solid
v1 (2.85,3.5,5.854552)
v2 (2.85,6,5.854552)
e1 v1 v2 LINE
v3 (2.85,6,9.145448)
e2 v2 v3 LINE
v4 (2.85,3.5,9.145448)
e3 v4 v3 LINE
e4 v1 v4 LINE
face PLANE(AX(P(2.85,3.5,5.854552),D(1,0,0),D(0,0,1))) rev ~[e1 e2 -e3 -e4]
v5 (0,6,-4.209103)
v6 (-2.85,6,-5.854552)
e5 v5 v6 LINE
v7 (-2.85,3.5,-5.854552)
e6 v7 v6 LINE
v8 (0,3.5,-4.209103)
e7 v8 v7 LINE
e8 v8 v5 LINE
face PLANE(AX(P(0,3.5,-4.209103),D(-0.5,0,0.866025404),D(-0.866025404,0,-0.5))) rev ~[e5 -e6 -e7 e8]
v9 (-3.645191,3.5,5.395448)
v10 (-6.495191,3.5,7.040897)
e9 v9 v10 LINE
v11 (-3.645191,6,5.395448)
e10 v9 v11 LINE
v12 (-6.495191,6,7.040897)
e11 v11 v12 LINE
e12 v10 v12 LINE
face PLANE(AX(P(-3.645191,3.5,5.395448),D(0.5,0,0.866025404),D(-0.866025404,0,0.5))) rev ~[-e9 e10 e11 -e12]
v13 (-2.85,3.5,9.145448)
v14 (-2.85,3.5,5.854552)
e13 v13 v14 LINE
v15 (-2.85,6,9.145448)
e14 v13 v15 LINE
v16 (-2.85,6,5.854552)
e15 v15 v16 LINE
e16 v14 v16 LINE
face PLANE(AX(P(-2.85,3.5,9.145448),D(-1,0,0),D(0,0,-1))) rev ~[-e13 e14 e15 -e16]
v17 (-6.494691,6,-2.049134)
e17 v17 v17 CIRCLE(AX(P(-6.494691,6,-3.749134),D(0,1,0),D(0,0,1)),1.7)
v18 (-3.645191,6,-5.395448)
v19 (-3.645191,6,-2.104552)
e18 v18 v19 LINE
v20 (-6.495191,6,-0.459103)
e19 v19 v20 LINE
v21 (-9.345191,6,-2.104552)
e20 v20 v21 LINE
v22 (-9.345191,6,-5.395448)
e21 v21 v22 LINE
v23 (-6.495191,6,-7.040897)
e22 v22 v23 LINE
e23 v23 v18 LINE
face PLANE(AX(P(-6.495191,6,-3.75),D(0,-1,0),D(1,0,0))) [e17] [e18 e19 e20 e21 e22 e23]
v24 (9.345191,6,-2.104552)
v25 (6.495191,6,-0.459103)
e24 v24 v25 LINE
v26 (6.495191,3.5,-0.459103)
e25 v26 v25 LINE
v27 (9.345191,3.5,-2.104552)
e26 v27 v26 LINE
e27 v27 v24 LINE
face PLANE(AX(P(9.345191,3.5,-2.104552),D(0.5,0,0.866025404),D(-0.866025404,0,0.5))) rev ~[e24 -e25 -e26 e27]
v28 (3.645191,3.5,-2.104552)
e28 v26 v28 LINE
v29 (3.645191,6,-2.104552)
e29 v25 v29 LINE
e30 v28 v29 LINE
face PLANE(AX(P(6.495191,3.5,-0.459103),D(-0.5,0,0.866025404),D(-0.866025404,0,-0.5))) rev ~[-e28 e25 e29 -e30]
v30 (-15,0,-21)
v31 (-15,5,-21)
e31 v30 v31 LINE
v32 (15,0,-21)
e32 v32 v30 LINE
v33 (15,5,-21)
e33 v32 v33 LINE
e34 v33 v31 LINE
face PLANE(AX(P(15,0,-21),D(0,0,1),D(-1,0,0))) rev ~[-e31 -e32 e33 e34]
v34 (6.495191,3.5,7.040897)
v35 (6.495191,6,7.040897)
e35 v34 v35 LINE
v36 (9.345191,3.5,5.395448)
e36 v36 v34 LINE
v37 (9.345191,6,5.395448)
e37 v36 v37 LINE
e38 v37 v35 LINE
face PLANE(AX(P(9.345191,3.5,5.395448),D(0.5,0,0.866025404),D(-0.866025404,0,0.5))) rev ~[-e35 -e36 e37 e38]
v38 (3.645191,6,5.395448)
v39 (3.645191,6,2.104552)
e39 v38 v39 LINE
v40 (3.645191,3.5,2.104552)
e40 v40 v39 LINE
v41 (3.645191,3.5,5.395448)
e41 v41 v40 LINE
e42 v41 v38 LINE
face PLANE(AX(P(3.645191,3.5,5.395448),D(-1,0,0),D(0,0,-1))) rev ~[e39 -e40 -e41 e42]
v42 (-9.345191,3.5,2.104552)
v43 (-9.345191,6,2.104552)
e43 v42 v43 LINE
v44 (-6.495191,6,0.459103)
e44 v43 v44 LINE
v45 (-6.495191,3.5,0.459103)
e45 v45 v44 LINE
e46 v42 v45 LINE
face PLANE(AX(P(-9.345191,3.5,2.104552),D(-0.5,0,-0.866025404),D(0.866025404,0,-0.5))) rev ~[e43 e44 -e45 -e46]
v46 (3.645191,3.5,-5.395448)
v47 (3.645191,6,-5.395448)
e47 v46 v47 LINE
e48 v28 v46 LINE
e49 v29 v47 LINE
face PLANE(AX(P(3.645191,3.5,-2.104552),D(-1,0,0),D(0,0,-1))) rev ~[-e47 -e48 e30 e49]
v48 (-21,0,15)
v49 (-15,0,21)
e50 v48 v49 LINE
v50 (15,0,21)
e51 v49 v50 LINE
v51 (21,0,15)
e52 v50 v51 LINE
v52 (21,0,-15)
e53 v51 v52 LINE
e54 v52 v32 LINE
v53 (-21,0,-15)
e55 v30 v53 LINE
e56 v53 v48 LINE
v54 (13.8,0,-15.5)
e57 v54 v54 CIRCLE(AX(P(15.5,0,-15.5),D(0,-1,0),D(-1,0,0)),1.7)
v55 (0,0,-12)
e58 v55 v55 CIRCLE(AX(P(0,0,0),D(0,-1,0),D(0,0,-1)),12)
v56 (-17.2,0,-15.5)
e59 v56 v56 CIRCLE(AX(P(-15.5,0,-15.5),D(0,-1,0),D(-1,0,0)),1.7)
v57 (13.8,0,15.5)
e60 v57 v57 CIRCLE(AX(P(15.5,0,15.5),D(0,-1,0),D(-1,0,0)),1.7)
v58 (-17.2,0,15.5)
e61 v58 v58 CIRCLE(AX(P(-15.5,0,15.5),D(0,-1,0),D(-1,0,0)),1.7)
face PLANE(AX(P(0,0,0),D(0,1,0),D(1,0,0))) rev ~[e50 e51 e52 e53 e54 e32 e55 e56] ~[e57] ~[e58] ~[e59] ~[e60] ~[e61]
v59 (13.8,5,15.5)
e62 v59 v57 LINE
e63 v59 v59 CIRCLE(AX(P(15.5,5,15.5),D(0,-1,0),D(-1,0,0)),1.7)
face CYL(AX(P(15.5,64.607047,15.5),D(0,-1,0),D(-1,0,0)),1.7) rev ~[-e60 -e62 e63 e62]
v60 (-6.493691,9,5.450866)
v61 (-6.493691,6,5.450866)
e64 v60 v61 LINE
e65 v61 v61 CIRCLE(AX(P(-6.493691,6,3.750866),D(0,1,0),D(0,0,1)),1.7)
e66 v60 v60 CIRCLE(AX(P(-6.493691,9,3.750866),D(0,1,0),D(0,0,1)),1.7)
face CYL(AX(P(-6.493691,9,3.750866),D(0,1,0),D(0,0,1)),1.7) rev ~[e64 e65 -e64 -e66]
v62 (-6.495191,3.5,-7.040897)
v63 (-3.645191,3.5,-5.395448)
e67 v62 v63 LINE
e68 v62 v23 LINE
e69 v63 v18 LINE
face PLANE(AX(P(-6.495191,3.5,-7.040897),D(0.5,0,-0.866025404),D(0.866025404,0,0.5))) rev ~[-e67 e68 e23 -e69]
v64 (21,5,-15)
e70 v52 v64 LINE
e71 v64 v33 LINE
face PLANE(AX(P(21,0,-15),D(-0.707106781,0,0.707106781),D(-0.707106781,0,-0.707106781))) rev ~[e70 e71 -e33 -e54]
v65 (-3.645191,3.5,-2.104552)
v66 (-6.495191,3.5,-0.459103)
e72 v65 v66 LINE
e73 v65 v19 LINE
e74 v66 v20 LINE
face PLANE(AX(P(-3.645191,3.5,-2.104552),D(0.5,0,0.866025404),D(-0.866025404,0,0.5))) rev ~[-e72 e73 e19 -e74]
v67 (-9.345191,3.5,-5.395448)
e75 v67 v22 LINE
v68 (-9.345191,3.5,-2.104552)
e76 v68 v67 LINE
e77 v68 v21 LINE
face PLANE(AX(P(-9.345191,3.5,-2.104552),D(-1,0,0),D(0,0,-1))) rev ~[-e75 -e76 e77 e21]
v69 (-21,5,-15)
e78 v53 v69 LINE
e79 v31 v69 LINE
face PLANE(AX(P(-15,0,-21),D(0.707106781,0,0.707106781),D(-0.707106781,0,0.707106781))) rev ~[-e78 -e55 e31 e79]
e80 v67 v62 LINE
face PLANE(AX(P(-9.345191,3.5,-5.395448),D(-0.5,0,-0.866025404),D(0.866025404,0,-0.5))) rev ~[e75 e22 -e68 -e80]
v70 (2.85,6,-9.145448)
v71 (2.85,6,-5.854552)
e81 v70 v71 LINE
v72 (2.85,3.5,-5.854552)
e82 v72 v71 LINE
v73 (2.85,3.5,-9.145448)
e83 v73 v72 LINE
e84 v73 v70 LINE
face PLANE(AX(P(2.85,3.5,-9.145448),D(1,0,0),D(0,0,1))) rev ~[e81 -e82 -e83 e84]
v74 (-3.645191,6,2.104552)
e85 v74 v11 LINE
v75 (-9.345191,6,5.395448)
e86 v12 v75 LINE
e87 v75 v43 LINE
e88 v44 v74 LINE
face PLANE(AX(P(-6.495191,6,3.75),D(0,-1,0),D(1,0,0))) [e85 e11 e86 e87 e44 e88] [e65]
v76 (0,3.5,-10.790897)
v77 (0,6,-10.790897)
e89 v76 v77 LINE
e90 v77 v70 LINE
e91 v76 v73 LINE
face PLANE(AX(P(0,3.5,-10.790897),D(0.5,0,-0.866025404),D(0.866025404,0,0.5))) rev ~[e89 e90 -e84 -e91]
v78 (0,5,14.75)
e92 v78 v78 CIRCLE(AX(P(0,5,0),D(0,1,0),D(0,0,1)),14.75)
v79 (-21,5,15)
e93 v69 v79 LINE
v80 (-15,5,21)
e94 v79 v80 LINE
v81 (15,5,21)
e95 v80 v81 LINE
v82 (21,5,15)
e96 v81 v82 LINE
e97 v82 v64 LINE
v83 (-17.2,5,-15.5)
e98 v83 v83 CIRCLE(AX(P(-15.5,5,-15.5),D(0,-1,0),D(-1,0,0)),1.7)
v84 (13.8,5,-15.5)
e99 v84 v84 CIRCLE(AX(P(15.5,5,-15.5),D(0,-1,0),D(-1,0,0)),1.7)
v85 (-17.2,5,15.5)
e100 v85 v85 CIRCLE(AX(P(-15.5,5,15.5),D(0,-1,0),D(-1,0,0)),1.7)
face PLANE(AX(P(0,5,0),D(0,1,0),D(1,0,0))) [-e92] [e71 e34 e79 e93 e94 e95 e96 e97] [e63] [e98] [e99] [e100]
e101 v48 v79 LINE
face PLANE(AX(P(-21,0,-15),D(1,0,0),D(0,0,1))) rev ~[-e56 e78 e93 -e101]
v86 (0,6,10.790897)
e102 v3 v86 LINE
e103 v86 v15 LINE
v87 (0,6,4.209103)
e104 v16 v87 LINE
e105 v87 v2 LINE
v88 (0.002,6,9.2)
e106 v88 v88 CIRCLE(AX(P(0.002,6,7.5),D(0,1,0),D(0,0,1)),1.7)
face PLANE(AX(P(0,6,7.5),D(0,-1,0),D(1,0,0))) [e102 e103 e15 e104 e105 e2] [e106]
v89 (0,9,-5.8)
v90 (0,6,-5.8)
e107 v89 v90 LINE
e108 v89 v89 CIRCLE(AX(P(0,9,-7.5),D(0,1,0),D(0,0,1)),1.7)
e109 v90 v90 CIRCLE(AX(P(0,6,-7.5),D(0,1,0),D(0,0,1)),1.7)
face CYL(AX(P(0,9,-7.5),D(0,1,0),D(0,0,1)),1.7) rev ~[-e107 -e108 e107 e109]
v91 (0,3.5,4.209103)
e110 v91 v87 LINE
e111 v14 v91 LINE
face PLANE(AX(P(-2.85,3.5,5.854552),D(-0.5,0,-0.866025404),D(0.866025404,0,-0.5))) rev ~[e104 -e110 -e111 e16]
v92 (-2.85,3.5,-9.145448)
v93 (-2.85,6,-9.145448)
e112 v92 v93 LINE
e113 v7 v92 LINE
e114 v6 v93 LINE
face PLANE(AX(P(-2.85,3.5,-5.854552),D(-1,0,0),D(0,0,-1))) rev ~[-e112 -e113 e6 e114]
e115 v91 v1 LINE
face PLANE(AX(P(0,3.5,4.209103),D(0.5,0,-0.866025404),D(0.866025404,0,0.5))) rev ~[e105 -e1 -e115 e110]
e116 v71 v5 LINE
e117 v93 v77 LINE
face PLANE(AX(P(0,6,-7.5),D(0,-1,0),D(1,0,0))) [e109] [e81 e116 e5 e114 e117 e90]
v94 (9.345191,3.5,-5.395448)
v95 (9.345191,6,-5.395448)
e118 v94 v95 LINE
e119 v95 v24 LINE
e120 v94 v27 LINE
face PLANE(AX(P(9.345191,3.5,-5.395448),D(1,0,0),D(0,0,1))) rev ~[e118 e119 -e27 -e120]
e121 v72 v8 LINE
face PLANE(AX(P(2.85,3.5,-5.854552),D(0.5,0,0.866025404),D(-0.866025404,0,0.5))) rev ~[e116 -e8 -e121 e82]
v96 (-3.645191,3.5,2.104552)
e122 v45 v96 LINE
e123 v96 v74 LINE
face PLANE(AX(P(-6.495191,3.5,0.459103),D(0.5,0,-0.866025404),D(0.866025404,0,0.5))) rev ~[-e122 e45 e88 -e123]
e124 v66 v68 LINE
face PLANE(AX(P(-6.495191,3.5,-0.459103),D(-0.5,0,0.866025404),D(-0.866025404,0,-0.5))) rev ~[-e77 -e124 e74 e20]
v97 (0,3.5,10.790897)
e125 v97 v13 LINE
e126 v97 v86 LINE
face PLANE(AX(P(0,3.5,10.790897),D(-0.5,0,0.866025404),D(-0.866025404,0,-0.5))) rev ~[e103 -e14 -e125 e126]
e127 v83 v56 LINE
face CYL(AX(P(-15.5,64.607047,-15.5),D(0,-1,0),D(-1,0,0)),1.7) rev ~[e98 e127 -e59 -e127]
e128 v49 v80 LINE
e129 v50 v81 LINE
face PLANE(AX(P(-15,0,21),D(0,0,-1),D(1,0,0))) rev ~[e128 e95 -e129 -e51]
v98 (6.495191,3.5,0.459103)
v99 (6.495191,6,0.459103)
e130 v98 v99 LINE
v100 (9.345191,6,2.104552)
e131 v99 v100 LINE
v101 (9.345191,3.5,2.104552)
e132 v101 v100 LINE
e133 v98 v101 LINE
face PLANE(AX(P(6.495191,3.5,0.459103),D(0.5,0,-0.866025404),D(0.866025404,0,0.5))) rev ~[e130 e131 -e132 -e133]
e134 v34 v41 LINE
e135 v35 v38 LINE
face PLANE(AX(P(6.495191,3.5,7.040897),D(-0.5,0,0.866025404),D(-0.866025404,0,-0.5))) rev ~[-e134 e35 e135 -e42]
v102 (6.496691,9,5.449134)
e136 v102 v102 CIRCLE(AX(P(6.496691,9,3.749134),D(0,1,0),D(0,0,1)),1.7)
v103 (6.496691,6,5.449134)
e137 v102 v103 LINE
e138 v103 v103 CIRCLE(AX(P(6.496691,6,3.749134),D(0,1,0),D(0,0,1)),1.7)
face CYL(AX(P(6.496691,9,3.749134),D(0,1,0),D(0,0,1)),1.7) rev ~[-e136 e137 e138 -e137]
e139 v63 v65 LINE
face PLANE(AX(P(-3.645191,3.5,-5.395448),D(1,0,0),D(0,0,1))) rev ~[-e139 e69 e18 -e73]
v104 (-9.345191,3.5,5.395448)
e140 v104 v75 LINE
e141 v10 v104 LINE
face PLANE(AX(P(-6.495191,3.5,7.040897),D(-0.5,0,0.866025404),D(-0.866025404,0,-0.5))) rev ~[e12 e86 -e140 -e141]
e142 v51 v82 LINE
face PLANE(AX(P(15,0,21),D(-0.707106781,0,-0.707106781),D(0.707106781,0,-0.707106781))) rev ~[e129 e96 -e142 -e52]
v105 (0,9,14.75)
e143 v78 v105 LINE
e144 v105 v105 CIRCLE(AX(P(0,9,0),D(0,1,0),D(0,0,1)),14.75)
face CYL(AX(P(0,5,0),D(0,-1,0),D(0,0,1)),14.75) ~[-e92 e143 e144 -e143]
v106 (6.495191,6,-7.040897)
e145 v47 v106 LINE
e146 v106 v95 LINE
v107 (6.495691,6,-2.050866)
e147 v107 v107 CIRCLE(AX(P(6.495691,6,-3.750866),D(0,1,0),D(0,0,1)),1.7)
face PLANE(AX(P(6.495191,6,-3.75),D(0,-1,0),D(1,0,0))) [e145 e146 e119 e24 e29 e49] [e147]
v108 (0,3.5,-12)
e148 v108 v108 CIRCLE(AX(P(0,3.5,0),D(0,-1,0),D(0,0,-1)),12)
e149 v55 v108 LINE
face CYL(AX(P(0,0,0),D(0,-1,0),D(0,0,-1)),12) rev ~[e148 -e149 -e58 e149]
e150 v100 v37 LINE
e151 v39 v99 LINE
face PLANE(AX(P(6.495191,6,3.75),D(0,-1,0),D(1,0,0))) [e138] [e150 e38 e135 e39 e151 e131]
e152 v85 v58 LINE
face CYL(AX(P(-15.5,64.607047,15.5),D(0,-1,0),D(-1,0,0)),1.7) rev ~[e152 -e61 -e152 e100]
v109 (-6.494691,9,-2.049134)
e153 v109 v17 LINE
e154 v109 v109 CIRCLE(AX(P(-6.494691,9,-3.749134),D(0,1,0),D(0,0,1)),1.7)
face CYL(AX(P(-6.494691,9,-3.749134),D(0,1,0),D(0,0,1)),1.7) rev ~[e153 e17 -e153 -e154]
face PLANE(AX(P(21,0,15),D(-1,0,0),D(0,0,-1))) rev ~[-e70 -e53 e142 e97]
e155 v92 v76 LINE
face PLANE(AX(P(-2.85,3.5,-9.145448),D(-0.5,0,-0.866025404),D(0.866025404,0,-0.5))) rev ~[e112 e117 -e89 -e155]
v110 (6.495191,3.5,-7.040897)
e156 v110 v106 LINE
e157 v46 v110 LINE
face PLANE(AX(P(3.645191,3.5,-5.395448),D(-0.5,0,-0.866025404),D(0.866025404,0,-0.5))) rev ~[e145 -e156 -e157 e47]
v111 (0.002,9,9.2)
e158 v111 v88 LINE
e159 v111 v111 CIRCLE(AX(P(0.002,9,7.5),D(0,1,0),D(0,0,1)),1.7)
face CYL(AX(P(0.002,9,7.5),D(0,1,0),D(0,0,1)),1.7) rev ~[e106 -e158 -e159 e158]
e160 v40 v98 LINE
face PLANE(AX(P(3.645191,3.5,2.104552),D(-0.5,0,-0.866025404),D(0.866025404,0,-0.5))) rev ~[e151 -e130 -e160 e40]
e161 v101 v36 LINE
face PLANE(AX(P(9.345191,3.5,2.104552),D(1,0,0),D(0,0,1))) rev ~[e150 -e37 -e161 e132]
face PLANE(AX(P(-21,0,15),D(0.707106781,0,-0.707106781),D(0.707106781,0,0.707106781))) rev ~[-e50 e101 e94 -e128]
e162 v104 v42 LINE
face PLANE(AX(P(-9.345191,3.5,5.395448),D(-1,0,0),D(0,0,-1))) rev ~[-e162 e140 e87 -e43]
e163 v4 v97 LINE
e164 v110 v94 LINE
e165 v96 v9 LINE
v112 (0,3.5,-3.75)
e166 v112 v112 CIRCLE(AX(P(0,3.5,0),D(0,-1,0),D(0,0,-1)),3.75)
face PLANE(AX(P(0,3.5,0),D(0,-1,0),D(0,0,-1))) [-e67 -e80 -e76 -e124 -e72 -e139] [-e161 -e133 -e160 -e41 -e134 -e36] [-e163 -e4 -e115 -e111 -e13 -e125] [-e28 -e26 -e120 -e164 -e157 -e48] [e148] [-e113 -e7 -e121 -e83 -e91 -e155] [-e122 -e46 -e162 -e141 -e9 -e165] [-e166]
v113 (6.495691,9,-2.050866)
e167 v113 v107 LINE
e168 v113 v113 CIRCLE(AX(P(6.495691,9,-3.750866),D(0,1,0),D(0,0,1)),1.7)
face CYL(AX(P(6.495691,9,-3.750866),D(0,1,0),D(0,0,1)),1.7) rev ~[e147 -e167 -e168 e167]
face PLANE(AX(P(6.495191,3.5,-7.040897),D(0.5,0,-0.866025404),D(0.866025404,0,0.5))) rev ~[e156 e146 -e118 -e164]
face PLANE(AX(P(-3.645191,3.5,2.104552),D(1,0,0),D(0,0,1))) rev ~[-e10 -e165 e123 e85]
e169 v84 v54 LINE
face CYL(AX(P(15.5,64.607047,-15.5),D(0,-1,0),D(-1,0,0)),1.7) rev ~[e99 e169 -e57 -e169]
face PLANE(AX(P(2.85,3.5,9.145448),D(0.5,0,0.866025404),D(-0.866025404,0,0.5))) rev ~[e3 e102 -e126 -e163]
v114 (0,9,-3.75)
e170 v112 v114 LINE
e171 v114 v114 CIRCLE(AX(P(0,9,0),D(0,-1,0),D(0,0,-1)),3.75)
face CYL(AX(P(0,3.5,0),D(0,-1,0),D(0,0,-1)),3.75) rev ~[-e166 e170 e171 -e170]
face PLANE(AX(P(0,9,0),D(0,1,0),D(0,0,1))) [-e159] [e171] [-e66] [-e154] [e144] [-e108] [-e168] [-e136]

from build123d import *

# Parameters (mm, degrees)
BOSS_EXTRUDE1_DEPTH  = 5
M3_CLEARANCE_HOLE1_D = 3.4
SKETCH2_R            = 14.75
BOSS_EXTRUDE2_DEPTH  = 4
SKETCH4_R            = 12
CUT_EXTRUDE1_DEPTH   = 3.5
CUT_EXTRUDE2_DEPTH   = 2.5
SKETCH8_R            = 3.75
CUT_EXTRUDE3_DEPTH   = 31.203476621
SKETCH3_R            = 1.7
CUT_EXTRUDE4_DEPTH   = 32.032241298


with BuildPart() as part:
    # Sketch1 → Boss-Extrude1 (new body)
    with BuildSketch(Plane(origin=(0, 0, 0), x_dir=(1, 0, 0), z_dir=(0, 1, 0))):
        Polygon((-21, 15), (-21, -15), (-15, -21), (15, -21), (21, -15), (21, 15), (15, 21), (-15, 21), align=None)
    extrude(amount=BOSS_EXTRUDE1_DEPTH)

    # M3 Clearance Hole1 (through all)
    with Locations(Plane(origin=(0, 5, 0), x_dir=(1, 0, 0), z_dir=(0, 1, 0))):
        with Locations((15.5, 15.5), (-15.5, 15.5), (-15.5, -15.5), (15.5, -15.5)):
            Hole(M3_CLEARANCE_HOLE1_D / 2)

    # Sketch2 → Boss-Extrude2 (add)
    with BuildSketch(Plane(origin=(0, 5, 0), x_dir=(1, 0, 0), z_dir=(0, 1, 0))):
        with Locations(Location((0, 0, 0), (0, 0, 270))):
            Circle(SKETCH2_R)
    extrude(amount=BOSS_EXTRUDE2_DEPTH)

    # Sketch4 → Cut-Extrude1 (cut)
    with BuildSketch(Plane(origin=(0, 0, 0), x_dir=(-1, 0, 0), z_dir=(0, -1, 0))):
        with Locations(Location((0, 0, 0), (0, 0, 90))):
            Circle(SKETCH4_R)
    extrude(amount=-CUT_EXTRUDE1_DEPTH, mode=Mode.SUBTRACT)

    # Sketch7 → Cut-Extrude2 (cut)
    with BuildSketch(Plane.XZ.offset(-3.5)):
        Polygon((3.645190528, 2.104551733), (6.495190528, 0.459103466), (9.345190528, 2.104551733), (9.345190528, 5.395448267), (6.495190528, 7.040896534), (3.645190528, 5.395448267), align=None)
        Polygon((0, 4.209103466), (2.85, 5.854551733), (2.85, 9.145448267), (0, 10.790896534), (-2.85, 9.145448267), (-2.85, 5.854551733), align=None)
        Polygon((3.645190528, -2.104551733), (3.645190528, -5.395448267), (6.495190528, -7.040896534), (9.345190528, -5.395448267), (9.345190528, -2.104551733), (6.495190528, -0.459103466), align=None)
        Polygon((0, -4.209103466), (-2.85, -5.854551733), (-2.85, -9.145448267), (0, -10.790896534), (2.85, -9.145448267), (2.85, -5.854551733), align=None)
        Polygon((-3.645190528, -2.104551733), (-6.495190528, -0.459103466), (-9.345190528, -2.104551733), (-9.345190528, -5.395448267), (-6.495190528, -7.040896534), (-3.645190528, -5.395448267), align=None)
        Polygon((-3.645190528, 2.104551733), (-3.645190528, 5.395448267), (-6.495190528, 7.040896534), (-9.345190528, 5.395448267), (-9.345190528, 2.104551733), (-6.495190528, 0.459103466), align=None)
    extrude(amount=-CUT_EXTRUDE2_DEPTH, mode=Mode.SUBTRACT)

    # Sketch8 → Cut-Extrude3 (cut, through all)
    with BuildSketch(Plane.XZ.offset(-3.5)):
        with Locations(Location((0, 0, 0), (0, 0, 270))):
            Circle(SKETCH8_R)
    extrude(amount=-CUT_EXTRUDE3_DEPTH, mode=Mode.SUBTRACT)

    # Sketch3 → Cut-Extrude4 (cut, through all)
    with BuildSketch(Plane(origin=(0, 9, 0), x_dir=(1, 0, 0), z_dir=(0, 1, 0))):
        with Locations(Location((0, 7.5, 0), (0, 0, 270))):
            Circle(SKETCH3_R)
        with Locations(Location((6.495690528, 3.750866025, 0), (0, 0, 270))):
            Circle(SKETCH3_R)
        with Locations(Location((6.496690528, -3.749133975, 0), (0, 0, 270))):
            Circle(SKETCH3_R)
        with Locations(Location((0.002, -7.5, 0), (0, 0, 270))):
            Circle(SKETCH3_R)
        with Locations(Location((-6.493690528, -3.750866025, 0), (0, 0, 270))):
            Circle(SKETCH3_R)
        with Locations(Location((-6.494690528, 3.749133975, 0), (0, 0, 270))):
            Circle(SKETCH3_R)
    extrude(amount=-CUT_EXTRUDE4_DEPTH, mode=Mode.SUBTRACT)


solid = part.part
